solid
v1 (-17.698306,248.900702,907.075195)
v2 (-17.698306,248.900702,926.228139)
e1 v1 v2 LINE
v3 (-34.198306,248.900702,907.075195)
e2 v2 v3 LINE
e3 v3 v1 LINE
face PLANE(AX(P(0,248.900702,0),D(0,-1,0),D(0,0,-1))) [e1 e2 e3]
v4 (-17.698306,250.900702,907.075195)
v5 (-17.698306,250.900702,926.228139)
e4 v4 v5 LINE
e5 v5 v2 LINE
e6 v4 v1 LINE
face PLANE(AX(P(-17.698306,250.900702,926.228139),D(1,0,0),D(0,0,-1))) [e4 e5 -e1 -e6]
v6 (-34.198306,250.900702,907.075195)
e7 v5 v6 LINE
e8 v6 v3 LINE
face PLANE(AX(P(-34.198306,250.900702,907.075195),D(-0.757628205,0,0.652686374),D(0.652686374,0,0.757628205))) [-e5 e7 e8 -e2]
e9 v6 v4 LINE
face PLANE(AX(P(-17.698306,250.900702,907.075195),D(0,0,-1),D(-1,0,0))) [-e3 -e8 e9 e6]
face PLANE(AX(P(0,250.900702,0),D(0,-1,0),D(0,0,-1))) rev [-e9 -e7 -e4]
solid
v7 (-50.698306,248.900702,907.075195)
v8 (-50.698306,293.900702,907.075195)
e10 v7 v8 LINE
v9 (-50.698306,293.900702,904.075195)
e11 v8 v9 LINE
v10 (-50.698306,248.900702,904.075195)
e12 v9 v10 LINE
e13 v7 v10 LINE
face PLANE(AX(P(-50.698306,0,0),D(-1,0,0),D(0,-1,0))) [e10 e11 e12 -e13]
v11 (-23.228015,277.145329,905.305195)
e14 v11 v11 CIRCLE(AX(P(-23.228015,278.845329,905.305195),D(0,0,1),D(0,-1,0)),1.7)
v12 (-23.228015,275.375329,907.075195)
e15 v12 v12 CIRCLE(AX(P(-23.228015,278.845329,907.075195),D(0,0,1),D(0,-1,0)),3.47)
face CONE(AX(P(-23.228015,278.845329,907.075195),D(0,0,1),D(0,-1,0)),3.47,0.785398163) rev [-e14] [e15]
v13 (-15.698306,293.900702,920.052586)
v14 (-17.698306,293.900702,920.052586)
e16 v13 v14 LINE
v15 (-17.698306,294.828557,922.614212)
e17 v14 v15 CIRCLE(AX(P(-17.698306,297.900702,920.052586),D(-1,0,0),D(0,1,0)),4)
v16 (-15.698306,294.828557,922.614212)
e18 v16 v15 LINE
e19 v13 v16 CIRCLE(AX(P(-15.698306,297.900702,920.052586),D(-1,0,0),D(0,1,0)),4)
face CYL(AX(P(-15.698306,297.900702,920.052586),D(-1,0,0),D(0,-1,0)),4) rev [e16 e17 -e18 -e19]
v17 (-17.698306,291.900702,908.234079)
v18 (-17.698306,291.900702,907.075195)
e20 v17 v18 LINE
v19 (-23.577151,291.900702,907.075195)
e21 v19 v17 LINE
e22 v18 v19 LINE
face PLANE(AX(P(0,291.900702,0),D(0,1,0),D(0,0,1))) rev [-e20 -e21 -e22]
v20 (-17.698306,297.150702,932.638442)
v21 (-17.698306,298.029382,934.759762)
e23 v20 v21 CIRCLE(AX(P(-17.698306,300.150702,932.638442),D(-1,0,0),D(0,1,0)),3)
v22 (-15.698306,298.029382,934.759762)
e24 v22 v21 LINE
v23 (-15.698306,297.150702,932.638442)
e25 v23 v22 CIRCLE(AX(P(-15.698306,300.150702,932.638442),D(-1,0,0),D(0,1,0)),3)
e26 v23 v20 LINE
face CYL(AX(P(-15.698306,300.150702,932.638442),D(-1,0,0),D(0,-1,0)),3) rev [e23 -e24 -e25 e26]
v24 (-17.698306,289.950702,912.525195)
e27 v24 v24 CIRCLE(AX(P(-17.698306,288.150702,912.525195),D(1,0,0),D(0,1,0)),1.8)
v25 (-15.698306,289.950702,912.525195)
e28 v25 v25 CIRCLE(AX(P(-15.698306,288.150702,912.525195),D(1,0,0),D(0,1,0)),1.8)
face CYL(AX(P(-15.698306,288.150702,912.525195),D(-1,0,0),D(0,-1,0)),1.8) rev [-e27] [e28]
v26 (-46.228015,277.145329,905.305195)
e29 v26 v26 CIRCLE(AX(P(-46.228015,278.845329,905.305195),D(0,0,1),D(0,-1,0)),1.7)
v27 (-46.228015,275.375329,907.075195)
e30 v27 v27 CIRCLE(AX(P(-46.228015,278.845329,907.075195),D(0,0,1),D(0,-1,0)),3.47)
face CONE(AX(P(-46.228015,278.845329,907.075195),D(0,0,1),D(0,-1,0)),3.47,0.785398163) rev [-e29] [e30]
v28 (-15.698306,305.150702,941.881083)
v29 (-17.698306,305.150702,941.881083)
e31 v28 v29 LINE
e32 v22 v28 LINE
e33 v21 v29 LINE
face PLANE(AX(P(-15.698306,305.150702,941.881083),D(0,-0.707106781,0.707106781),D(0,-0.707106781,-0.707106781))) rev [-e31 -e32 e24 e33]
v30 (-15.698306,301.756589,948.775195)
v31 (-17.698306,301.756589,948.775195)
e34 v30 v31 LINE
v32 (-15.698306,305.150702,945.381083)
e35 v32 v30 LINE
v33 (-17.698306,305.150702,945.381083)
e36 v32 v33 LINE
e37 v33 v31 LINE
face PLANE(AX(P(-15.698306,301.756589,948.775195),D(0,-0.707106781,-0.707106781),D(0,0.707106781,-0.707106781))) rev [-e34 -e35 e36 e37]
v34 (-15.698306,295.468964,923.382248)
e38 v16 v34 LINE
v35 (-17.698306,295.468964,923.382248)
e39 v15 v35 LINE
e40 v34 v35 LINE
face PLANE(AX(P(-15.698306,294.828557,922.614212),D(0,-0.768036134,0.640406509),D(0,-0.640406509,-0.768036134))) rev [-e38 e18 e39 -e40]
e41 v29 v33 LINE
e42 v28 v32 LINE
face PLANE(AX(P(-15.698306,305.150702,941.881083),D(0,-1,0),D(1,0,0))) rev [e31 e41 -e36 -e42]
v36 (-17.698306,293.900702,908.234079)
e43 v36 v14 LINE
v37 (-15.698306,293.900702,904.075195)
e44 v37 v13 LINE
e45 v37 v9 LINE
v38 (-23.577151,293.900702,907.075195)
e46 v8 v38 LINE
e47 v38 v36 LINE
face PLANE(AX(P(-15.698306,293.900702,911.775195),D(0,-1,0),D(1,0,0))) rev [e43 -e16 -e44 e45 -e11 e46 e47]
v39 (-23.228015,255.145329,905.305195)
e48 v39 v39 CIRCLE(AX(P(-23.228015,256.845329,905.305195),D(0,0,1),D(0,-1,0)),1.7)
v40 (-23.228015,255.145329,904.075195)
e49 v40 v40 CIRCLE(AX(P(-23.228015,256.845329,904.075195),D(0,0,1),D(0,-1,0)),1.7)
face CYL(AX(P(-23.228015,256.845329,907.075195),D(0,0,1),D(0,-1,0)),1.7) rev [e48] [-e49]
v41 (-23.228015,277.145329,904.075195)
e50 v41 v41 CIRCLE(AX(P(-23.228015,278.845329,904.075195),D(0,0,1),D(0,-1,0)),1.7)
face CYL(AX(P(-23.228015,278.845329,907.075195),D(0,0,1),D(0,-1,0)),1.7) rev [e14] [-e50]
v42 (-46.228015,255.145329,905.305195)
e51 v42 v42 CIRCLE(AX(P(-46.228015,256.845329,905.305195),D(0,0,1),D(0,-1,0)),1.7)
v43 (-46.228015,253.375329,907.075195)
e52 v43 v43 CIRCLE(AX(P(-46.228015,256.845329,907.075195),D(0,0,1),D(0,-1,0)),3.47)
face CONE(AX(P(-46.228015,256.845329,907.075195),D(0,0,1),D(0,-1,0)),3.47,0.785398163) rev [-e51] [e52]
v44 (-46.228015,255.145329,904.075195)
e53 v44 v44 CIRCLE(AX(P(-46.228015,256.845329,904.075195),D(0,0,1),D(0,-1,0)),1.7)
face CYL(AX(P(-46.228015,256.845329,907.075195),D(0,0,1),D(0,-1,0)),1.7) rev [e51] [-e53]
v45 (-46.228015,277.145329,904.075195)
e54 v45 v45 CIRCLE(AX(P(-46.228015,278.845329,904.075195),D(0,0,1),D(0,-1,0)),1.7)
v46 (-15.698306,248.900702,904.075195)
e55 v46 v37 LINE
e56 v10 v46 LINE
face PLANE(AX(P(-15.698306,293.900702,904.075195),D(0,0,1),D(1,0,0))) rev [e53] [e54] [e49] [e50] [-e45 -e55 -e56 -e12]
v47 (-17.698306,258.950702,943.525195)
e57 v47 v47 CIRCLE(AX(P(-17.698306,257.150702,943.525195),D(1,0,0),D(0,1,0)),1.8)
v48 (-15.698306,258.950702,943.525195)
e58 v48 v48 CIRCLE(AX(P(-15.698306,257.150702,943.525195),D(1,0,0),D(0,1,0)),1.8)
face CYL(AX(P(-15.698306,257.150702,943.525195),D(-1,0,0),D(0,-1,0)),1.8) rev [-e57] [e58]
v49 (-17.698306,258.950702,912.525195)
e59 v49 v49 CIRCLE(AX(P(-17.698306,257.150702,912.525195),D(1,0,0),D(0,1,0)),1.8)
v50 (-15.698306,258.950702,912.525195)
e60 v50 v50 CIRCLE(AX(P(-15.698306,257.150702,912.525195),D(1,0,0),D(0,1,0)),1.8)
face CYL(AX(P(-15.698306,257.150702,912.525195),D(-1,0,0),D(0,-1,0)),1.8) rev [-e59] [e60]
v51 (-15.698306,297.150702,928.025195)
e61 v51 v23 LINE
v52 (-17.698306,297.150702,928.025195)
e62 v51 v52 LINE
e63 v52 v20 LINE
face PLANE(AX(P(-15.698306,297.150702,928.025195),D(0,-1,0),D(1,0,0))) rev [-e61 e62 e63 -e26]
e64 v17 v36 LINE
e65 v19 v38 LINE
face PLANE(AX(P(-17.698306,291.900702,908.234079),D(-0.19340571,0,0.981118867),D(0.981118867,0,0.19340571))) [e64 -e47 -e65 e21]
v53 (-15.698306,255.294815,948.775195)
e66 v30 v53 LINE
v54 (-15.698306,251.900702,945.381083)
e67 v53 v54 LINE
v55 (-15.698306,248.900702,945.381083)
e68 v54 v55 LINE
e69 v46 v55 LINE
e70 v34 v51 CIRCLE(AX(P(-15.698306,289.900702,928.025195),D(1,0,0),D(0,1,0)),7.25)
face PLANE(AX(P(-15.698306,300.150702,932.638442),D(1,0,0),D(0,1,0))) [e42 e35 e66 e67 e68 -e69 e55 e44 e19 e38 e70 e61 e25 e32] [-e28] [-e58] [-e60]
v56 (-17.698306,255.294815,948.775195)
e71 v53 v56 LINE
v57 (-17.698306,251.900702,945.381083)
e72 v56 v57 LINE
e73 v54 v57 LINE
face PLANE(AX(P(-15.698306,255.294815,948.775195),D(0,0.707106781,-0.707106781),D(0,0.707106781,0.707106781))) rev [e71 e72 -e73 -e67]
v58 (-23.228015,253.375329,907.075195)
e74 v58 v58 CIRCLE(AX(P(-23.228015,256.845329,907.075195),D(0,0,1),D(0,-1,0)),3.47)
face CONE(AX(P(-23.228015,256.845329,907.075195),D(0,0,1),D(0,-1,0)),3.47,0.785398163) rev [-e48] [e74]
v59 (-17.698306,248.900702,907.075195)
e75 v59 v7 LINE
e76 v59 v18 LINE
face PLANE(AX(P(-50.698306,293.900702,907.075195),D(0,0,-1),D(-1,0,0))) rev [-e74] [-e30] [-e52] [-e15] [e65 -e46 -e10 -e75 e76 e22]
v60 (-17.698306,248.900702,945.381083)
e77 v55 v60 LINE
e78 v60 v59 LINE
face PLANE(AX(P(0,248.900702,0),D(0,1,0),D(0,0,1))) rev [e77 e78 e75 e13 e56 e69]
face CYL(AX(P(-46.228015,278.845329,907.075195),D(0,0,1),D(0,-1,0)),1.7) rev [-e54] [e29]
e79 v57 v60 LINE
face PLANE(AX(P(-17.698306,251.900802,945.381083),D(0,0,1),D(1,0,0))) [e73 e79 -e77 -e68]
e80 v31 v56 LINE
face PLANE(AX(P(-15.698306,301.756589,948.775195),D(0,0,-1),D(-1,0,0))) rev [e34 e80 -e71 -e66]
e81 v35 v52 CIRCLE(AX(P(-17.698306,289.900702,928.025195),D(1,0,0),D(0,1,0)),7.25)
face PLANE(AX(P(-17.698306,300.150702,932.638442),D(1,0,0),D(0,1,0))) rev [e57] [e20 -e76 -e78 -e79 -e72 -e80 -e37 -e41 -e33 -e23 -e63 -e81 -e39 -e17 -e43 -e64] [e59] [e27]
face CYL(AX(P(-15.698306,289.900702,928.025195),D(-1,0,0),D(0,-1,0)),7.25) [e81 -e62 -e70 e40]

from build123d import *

# Parameters (mm, degrees)
SKETCH1_R                                    = 1.8
BOSS_EXTRUDE1_DEPTH                          = 2
BOSS_EXTRUDE2_DEPTH                          = 33
BOSS_EXTRUDE3_DEPTH                          = 1
BOSS_EXTRUDE4_DEPTH                          = 3
BOSS_EXTRUDE4_DEPTH_BACK                     = 0.0001
BOSS_EXTRUDE5_DEPTH                          = 2.5
CUT_EXTRUDE1_DEPTH                           = 3
CUT_EXTRUDE2_DEPTH                           = 3
CSK_FOR_M3_HEX_SOCKET_COUNTERSUNK_HE_2_COUNT = 2
CSK_FOR_M3_HEX_SOCKET_COUNTERSUNK_HE_2_PITCH = 23
CSK_FOR_M3_HEX_SOCKET_COUNTERSUNK_HE_3_COUNT = 2
CSK_FOR_M3_HEX_SOCKET_COUNTERSUNK_HE_3_PITCH = 22
CSK_FOR_M3_HEX_SOCKET_COUNTERSUNK_HE_4_COUNT = 2
CSK_FOR_M3_HEX_SOCKET_COUNTERSUNK_HE_4_PITCH = 31.827660926
BOSS_EXTRUDE6_DEPTH                          = 2
BOSS_EXTRUDE7_DEPTH                          = 2


with BuildPart() as part:
    # Sketch1 → Boss-Extrude1 (new body)
    with BuildSketch(Plane(origin=(-17.698305603, 0, 0), x_dir=(0, 0, -1), z_dir=(1, 0, 0))):
        with BuildLine():
            Line((-911.775195292, 293.900701951), (-904.075195292, 293.900701951))
            Line((-904.075195292, 293.900701951), (-904.075195292, 251.900701951))
            Line((-904.075195292, 251.900701951), (-910.669307841, 251.900701951))
            Line((-910.669307841, 251.900701951), (-945.381082742, 251.900701951))
            Line((-945.381082742, 251.900701951), (-948.775195292, 255.294814501))
            Line((-948.775195292, 255.294814501), (-948.775195292, 301.756589401))
            Line((-948.775195292, 301.756589401), (-945.381082742, 305.150701951))
            Line((-945.381082742, 305.150701951), (-941.881082742, 305.150701951))
            Line((-941.881082742, 305.150701951), (-938.486970192, 301.756589401))
            Line((-938.486970192, 301.756589401), (-934.759762398, 298.029381608))
            ThreePointArc((-934.759762398, 298.029381608), (-933.786492352, 297.379063354), (-932.638442055, 297.150701951))
            Line((-932.638442055, 297.150701951), (-928.025195292, 297.150701951))
            ThreePointArc((-928.025195292, 297.150701951), (-925.55612657, 296.717313987), (-923.382248102, 295.468963923))
            Line((-923.382248102, 295.468963923), (-922.614211968, 294.828557415))
            ThreePointArc((-922.614211968, 294.828557415), (-921.414830744, 294.139812552), (-920.052585932, 293.900701951))
            Line((-920.052585932, 293.900701951), (-911.775195292, 293.900701951))
        make_face()
        with Locations(Location((-912.525195292, 288.150701951, 0), (0, 0, 90))):
            Circle(SKETCH1_R, mode=Mode.SUBTRACT)
        with Locations(Location((-912.525195292, 257.150701951, 0), (0, 0, 90))):
            Circle(SKETCH1_R, mode=Mode.SUBTRACT)
        with Locations(Location((-943.525195292, 257.150701951, 0), (0, 0, 90))):
            Circle(SKETCH1_R, mode=Mode.SUBTRACT)
    extrude(amount=BOSS_EXTRUDE1_DEPTH)

    # Sketch2 → Boss-Extrude2 (add)
    with BuildSketch(Plane.ZY.offset(17.698305603)):
        Polygon((907.075195292, 293.900701951), (907.075195292, 255.737509851), (907.075195292, 251.900701951), (904.075195292, 251.900701951), (904.075195292, 293.900701951), align=None)
    extrude(amount=BOSS_EXTRUDE2_DEPTH)

    # Sketch3 → Boss-Extrude3 (add)
    with BuildSketch(Plane(origin=(0, 293.900701951, 0), x_dir=(1, 0, 0), z_dir=(0, 1, 0))):
        Polygon((24.09465277, -907.075195292), (-17.698305603, -910.725195292), (-17.698305603, -907.075195292), align=None)
    extrude(amount=-BOSS_EXTRUDE3_DEPTH)

    # Sketch4 → Boss-Extrude4 (add, two sides: drawn at the far end of the back side and taken through both)
    with BuildSketch(Plane.XZ.offset(-251.900701951).offset(-BOSS_EXTRUDE4_DEPTH_BACK)):
        Polygon((-50.698305603, 907.075195292), (-17.698305603, 907.075195292), (-17.698305603, 945.381082742), (-15.698305603, 945.381082742), (-15.698305603, 904.075195292), (-50.698305603, 904.075195292), align=None)
    extrude(amount=BOSS_EXTRUDE4_DEPTH + BOSS_EXTRUDE4_DEPTH_BACK)

    # Sketch5 → Boss-Extrude5 (add)
    with BuildSketch(Plane.XZ.offset(-248.900701951)):
        Polygon((11.795887964, 907.075195292), (-17.698305603, 926.228139017), (-17.698305603, 907.075195292), align=None)
    extrude(amount=-BOSS_EXTRUDE5_DEPTH)

    # Sketch10 → Cut-Extrude1 (cut)
    with BuildSketch(Plane(origin=(0, 293.900701951, 0), x_dir=(1, 0, 0), z_dir=(0, 1, 0))):
        Polygon((-15.698305603, -907.075195292), (-15.698305603, -910.550524718), (24.09465277, -907.075195292), align=None)
    extrude(amount=-CUT_EXTRUDE1_DEPTH, mode=Mode.SUBTRACT)

    # Sketch11 → Cut-Extrude2 (cut)
    with BuildSketch(Plane(origin=(0, 251.400701951, 0), x_dir=(1, 0, 0), z_dir=(0, 1, 0))):
        Polygon((11.795887964, -907.075195292), (-15.698305603, -907.075195292), (-15.698305603, -924.929378725), align=None)
    extrude(amount=-CUT_EXTRUDE2_DEPTH, mode=Mode.SUBTRACT)

    # Sketch15 → CSK for M3 Hex Socket Countersunk Head Screw2 (revolve, cut)
    with BuildSketch(Plane(origin=(-46.228014557, 278.845328546, 907.075195292), x_dir=(0, -1, 0), z_dir=(1, 0, 0))):
        Polygon((0, 0), (0, 3), (1.7, 3), (1.7, 1.77), (3.47, 0), align=None)
    csk_for_m3_hex_socket_countersunk_head_s = revolve(axis=Axis((-46.228014557, 278.845328546, 913.425195292), (0, 0, -1)), mode=Mode.SUBTRACT)

    # CSK for M3 Hex Socket Countersunk He 2: CSK for M3 Hex Socket Countersunk Head Screw2 ×2
    with Locations(*[(i * CSK_FOR_M3_HEX_SOCKET_COUNTERSUNK_HE_2_PITCH, 0, 0) for i in range(1, CSK_FOR_M3_HEX_SOCKET_COUNTERSUNK_HE_2_COUNT)]):
        add(csk_for_m3_hex_socket_countersunk_head_s, mode=Mode.SUBTRACT)

    # CSK for M3 Hex Socket Countersunk He 3: CSK for M3 Hex Socket Countersunk Head Screw2 ×2
    with Locations(*[(0, -i * CSK_FOR_M3_HEX_SOCKET_COUNTERSUNK_HE_3_PITCH, 0) for i in range(1, CSK_FOR_M3_HEX_SOCKET_COUNTERSUNK_HE_3_COUNT)]):
        add(csk_for_m3_hex_socket_countersunk_head_s, mode=Mode.SUBTRACT)

    # CSK for M3 Hex Socket Countersunk He 4: CSK for M3 Hex Socket Countersunk Head Screw2 ×2
    with Locations(*[Vector(0.7226418571476992, -0.6912226459673644, 0) * (i * CSK_FOR_M3_HEX_SOCKET_COUNTERSUNK_HE_4_PITCH) for i in range(1, CSK_FOR_M3_HEX_SOCKET_COUNTERSUNK_HE_4_COUNT)]):
        add(csk_for_m3_hex_socket_countersunk_head_s, mode=Mode.SUBTRACT)

    # Sketch17 → Boss-Extrude7 (add)
    with BuildSketch(Plane(origin=(0, 293.900701951, 0), x_dir=(1, 0, 0), z_dir=(0, 1, 0))):
        Polygon((-17.698305603, -908.234078598), (-23.577151031, -907.075195292), (-17.698305603, -907.075195292), align=None)
    extrude(amount=-BOSS_EXTRUDE7_DEPTH)


with BuildPart() as body_2:
    # Sketch16 → Boss-Extrude6 (new body)
    with BuildSketch(Plane.XZ.offset(-248.900701951)):
        Polygon((-34.198305603, 907.075195292), (-17.698305603, 926.228139017), (-17.698305603, 907.075195292), align=None)
    extrude(amount=-BOSS_EXTRUDE6_DEPTH)


solid = Compound([part.part, body_2.part])
